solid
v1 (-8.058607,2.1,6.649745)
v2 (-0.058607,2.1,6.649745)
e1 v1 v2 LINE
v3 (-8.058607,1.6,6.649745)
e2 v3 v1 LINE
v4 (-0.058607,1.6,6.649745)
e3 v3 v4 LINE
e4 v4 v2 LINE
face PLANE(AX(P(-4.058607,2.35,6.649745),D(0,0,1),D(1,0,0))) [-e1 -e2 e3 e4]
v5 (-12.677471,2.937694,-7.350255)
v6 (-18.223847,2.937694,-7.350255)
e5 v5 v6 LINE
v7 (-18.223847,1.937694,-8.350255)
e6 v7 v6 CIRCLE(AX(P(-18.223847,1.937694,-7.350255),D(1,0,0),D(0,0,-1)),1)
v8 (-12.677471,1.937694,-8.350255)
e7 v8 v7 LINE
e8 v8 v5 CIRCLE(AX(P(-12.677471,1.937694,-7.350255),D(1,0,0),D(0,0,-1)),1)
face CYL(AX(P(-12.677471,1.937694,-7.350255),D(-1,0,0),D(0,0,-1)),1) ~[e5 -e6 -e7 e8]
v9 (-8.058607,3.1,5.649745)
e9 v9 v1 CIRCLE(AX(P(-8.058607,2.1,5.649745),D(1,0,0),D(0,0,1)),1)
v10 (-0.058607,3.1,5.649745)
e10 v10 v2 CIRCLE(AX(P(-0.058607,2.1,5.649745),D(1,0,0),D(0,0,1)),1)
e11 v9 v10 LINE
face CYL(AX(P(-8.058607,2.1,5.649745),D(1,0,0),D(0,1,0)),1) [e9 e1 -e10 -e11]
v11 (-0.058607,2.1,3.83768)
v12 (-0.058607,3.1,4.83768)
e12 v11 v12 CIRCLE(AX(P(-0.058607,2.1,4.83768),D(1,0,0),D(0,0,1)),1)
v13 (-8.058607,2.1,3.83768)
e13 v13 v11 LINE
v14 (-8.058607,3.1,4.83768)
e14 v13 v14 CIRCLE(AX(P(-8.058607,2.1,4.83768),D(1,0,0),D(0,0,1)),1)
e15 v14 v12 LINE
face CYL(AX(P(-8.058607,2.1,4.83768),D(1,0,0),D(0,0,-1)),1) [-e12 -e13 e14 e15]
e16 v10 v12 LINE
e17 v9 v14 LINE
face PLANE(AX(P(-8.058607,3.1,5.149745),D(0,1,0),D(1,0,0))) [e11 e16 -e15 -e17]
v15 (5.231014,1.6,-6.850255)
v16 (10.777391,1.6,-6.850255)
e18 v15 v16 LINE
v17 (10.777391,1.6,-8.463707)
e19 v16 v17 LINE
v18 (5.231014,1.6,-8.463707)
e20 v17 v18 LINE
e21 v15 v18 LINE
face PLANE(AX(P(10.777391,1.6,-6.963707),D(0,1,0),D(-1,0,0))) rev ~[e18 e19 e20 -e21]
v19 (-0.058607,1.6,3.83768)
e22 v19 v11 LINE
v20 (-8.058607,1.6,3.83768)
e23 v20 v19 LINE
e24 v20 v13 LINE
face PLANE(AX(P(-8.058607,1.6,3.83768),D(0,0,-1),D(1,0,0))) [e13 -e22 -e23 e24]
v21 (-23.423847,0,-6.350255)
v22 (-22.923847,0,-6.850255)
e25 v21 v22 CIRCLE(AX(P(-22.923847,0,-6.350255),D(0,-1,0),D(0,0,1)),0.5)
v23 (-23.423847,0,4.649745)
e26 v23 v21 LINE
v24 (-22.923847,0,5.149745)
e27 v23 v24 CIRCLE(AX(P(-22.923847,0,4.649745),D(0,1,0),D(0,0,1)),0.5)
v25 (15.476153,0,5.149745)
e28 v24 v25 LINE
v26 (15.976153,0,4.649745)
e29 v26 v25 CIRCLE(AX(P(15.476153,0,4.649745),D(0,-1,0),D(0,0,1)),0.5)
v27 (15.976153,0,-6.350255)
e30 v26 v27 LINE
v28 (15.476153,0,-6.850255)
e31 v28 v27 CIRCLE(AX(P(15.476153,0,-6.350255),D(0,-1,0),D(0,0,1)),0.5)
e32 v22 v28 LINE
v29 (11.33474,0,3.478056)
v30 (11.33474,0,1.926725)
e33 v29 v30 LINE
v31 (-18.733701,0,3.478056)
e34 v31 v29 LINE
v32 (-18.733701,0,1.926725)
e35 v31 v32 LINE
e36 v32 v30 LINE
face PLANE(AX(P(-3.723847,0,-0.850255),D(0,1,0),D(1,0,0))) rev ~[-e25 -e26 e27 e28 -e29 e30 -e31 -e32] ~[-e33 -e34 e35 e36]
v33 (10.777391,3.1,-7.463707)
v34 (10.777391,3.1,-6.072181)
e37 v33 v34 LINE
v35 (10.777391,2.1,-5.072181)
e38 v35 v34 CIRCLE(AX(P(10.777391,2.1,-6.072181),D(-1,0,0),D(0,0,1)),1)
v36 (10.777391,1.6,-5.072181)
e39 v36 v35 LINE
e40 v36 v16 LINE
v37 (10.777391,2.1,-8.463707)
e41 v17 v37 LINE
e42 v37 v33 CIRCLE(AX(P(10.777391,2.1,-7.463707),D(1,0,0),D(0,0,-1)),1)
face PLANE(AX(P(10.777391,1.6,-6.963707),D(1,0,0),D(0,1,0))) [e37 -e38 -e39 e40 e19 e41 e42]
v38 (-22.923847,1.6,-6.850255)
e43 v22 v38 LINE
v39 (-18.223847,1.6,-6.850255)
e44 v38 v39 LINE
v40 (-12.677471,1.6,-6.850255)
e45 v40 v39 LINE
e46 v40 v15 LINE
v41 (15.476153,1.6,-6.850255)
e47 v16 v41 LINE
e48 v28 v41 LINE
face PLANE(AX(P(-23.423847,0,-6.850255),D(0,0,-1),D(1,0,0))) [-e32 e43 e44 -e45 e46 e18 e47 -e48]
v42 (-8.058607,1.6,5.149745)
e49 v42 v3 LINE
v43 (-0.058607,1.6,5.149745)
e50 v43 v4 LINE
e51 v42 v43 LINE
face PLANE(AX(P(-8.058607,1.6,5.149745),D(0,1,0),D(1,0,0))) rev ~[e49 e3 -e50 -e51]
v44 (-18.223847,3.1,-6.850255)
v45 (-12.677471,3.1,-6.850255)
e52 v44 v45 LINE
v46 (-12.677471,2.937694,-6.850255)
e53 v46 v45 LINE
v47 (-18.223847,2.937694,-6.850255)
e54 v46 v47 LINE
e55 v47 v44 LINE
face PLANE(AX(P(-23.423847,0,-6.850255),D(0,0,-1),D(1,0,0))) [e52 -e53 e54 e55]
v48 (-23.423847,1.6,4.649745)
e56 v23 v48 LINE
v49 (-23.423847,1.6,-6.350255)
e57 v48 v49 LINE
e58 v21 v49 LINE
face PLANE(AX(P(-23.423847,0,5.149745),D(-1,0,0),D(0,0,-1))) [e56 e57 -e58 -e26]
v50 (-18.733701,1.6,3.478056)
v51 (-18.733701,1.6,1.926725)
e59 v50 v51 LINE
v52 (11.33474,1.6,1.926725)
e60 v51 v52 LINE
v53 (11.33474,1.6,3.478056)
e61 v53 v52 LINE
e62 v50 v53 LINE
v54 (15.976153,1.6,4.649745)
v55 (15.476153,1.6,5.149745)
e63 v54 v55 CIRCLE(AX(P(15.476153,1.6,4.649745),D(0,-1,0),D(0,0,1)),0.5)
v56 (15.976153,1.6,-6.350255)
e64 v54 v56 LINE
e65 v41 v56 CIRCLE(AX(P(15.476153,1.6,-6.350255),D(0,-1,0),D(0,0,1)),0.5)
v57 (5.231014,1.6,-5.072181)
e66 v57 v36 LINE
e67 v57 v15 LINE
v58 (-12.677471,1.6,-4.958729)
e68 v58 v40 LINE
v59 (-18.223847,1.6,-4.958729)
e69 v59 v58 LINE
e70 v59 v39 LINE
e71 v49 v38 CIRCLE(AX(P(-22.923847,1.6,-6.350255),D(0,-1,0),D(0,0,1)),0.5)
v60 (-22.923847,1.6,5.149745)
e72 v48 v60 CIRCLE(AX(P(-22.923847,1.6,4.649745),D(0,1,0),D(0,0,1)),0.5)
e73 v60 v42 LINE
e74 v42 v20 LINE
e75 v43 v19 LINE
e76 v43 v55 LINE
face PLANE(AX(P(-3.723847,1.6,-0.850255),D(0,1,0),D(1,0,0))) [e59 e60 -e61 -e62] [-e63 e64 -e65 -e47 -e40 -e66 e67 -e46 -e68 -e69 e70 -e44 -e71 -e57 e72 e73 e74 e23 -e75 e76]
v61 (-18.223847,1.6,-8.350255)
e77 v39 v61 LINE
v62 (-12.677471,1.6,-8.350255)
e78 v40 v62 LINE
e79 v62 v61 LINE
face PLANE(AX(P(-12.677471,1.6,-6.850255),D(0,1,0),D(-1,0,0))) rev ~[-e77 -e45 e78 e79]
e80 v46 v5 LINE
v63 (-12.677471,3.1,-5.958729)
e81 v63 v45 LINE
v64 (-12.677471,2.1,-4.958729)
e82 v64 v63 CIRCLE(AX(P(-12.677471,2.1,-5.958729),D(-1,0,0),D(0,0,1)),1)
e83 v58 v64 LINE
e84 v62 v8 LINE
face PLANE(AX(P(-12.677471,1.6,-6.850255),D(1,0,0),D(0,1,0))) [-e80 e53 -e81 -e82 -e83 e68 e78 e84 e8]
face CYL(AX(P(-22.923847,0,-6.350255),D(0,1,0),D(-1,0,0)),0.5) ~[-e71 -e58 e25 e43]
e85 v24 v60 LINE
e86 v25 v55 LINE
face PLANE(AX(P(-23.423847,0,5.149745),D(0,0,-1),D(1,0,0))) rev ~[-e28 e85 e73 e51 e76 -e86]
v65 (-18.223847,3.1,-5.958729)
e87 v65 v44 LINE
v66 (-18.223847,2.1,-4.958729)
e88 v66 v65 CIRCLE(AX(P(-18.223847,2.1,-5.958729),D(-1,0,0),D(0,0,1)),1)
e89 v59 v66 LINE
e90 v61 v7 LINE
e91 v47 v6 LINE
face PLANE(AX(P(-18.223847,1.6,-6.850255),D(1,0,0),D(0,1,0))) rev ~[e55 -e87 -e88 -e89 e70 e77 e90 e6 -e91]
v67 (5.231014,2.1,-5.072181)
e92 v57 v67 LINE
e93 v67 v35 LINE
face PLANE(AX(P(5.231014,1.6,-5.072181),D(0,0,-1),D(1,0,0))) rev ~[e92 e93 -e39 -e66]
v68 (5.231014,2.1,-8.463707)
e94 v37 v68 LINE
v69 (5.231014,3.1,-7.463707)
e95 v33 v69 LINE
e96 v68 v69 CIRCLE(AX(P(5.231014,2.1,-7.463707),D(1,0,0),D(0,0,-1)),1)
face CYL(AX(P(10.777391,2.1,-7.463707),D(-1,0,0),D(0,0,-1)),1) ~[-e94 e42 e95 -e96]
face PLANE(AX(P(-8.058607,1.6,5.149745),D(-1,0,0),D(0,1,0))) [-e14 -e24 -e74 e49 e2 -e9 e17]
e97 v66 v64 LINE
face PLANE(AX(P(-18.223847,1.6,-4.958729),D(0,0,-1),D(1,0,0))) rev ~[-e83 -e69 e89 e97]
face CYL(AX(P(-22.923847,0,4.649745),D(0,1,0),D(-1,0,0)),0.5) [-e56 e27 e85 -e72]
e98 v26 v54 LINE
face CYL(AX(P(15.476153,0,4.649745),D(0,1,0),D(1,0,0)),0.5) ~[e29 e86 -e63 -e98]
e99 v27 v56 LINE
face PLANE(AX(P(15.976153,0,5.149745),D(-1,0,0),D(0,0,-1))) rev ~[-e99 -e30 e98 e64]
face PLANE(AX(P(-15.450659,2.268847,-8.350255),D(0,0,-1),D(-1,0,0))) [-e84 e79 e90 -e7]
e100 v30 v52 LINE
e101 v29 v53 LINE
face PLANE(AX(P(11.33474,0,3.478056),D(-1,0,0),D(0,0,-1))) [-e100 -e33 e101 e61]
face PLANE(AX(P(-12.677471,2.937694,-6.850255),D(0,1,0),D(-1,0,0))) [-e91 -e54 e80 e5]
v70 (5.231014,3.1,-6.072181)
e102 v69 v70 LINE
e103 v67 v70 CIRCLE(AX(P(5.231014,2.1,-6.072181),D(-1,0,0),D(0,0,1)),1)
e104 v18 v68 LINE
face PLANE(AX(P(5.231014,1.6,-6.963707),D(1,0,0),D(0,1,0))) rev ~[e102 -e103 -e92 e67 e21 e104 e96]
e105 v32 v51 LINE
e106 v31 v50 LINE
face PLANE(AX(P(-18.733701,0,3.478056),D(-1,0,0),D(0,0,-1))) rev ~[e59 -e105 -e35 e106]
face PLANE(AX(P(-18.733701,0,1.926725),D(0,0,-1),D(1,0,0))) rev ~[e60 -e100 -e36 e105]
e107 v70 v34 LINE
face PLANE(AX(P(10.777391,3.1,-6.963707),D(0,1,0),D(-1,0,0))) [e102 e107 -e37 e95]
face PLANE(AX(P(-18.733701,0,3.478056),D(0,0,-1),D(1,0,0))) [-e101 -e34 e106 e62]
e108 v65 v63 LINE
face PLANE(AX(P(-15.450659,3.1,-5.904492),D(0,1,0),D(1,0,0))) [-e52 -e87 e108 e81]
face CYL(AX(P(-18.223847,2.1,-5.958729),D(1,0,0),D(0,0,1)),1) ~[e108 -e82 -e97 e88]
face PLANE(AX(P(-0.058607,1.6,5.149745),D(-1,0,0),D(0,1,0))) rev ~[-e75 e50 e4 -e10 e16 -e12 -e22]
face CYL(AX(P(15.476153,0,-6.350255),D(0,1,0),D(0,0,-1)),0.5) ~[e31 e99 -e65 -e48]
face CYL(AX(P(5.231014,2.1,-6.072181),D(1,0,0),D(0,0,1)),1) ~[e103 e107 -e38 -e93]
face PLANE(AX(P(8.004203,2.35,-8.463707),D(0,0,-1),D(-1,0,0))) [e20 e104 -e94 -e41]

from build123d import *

# Parameters (mm, degrees)
SKETCH1_W           = 39.4
SKETCH1_H           = 12
SKETCH1_W_2         = 30.068441065
SKETCH1_H_2         = 1.551330798
BOSS_EXTRUDE2_DEPTH = 1.6
SKETCH2_W           = 5.546376038
SKETCH2_H           = 1.891525972
SKETCH2_W_2         = 8
SKETCH2_H_2         = 1.312065252
BOSS_EXTRUDE4_DEPTH = 1.5
SKETCH5_W           = 5.546376038
SKETCH5_H           = 1.337693851
BOSS_EXTRUDE5_DEPTH = 1.5
SKETCH7_W           = 5.546376038
SKETCH7_H           = 1.5
BOSS_EXTRUDE6_DEPTH = 1.5
SKETCH9_W           = 8
SKETCH9_H           = 1.5
BOSS_EXTRUDE7_DEPTH = 1.5
FILLET3_R           = 1
FILLET4_R           = 1
FILLET5_R           = 1
FILLET6_R           = 1
FILLET7_R           = 0.5


with BuildPart() as part:
    # Sketch1 → Boss-Extrude2 (new body)
    with BuildSketch(Plane(origin=(0, 0, 0), x_dir=(1, 0, 0), z_dir=(0, 1, 0))):
        with Locations((-3.723847257, 0.850254859)):
            Rectangle(SKETCH1_W, SKETCH1_H)
        with Locations((-3.699480126, -2.702390472)):
            Rectangle(SKETCH1_W_2, SKETCH1_H_2, mode=Mode.SUBTRACT)
    extrude(amount=BOSS_EXTRUDE2_DEPTH)

    # Sketch2 → Boss-Extrude4 (add)
    with BuildSketch(Plane(origin=(0, 1.6, 0), x_dir=(1, 0, 0), z_dir=(0, 1, 0))):
        with Locations((-15.450659238, 5.904491873)):
            Rectangle(SKETCH2_W, SKETCH2_H)
        with Locations((8.004202505, 6.017944023)):
            Rectangle(SKETCH2_W, SKETCH2_H)
        with Locations((-4.058606796, -4.493712515)):
            Rectangle(SKETCH2_W_2, SKETCH2_H_2)
    extrude(amount=BOSS_EXTRUDE4_DEPTH)

    # Sketch5 → Boss-Extrude5 (add)
    with BuildSketch(Plane(origin=(0, 0, -6.850254859), x_dir=(-1, 0, 0), z_dir=(0, 0, -1))):
        with Locations((15.450659238, 2.268846926)):
            Rectangle(SKETCH5_W, SKETCH5_H)
    extrude(amount=BOSS_EXTRUDE5_DEPTH)

    # Sketch7 → Boss-Extrude6 (add)
    with BuildSketch(Plane(origin=(0, 0, -6.963707009), x_dir=(-1, 0, 0), z_dir=(0, 0, -1))):
        with Locations((-8.004202505, 2.35)):
            Rectangle(SKETCH7_W, SKETCH7_H)
    extrude(amount=BOSS_EXTRUDE6_DEPTH)

    # Sketch9 → Boss-Extrude7 (add)
    with BuildSketch(Plane.XY.offset(5.149745141)):
        with Locations((-4.058606796, 2.35)):
            Rectangle(SKETCH9_W, SKETCH9_H)
    extrude(amount=BOSS_EXTRUDE7_DEPTH)

    # Fillet3
    fillet3_edges = [part.edges().sort_by_distance(p)[0] for p in [
        (-4.058606796, 3.1, 6.649745141),
    ]]
    fillet(fillet3_edges, radius=FILLET3_R)

    # Fillet4
    fillet4_edges = [part.edges().sort_by_distance(p)[0] for p in [
        (-15.450659238, 2.937693851, -8.350254859),
        (8.004202505, 3.1, -8.463707009),
    ]]
    fillet(fillet4_edges, radius=FILLET4_R)

    # Fillet5
    fillet5_edges = [part.edges().sort_by_distance(p)[0] for p in [
        (8.004202505, 3.1, -5.072181037),
        (-15.450659238, 3.1, -4.958728887),
    ]]
    fillet(fillet5_edges, radius=FILLET5_R)

    # Fillet6
    fillet6_edges = [part.edges().sort_by_distance(p)[0] for p in [
        (-4.058606796, 3.1, 3.837679889),
    ]]
    fillet(fillet6_edges, radius=FILLET6_R)

    # Fillet7
    fillet7_edges = [part.edges().sort_by_distance(p)[0] for p in [
        (-23.423847257, 0.8, -6.850254859),
        (15.976152743, 0.8, -6.850254859),
        (15.976152743, 0.8, 5.149745141),
        (-23.423847257, 0.8, 5.149745141),
    ]]
    fillet(fillet7_edges, radius=FILLET7_R)


solid = part.part
